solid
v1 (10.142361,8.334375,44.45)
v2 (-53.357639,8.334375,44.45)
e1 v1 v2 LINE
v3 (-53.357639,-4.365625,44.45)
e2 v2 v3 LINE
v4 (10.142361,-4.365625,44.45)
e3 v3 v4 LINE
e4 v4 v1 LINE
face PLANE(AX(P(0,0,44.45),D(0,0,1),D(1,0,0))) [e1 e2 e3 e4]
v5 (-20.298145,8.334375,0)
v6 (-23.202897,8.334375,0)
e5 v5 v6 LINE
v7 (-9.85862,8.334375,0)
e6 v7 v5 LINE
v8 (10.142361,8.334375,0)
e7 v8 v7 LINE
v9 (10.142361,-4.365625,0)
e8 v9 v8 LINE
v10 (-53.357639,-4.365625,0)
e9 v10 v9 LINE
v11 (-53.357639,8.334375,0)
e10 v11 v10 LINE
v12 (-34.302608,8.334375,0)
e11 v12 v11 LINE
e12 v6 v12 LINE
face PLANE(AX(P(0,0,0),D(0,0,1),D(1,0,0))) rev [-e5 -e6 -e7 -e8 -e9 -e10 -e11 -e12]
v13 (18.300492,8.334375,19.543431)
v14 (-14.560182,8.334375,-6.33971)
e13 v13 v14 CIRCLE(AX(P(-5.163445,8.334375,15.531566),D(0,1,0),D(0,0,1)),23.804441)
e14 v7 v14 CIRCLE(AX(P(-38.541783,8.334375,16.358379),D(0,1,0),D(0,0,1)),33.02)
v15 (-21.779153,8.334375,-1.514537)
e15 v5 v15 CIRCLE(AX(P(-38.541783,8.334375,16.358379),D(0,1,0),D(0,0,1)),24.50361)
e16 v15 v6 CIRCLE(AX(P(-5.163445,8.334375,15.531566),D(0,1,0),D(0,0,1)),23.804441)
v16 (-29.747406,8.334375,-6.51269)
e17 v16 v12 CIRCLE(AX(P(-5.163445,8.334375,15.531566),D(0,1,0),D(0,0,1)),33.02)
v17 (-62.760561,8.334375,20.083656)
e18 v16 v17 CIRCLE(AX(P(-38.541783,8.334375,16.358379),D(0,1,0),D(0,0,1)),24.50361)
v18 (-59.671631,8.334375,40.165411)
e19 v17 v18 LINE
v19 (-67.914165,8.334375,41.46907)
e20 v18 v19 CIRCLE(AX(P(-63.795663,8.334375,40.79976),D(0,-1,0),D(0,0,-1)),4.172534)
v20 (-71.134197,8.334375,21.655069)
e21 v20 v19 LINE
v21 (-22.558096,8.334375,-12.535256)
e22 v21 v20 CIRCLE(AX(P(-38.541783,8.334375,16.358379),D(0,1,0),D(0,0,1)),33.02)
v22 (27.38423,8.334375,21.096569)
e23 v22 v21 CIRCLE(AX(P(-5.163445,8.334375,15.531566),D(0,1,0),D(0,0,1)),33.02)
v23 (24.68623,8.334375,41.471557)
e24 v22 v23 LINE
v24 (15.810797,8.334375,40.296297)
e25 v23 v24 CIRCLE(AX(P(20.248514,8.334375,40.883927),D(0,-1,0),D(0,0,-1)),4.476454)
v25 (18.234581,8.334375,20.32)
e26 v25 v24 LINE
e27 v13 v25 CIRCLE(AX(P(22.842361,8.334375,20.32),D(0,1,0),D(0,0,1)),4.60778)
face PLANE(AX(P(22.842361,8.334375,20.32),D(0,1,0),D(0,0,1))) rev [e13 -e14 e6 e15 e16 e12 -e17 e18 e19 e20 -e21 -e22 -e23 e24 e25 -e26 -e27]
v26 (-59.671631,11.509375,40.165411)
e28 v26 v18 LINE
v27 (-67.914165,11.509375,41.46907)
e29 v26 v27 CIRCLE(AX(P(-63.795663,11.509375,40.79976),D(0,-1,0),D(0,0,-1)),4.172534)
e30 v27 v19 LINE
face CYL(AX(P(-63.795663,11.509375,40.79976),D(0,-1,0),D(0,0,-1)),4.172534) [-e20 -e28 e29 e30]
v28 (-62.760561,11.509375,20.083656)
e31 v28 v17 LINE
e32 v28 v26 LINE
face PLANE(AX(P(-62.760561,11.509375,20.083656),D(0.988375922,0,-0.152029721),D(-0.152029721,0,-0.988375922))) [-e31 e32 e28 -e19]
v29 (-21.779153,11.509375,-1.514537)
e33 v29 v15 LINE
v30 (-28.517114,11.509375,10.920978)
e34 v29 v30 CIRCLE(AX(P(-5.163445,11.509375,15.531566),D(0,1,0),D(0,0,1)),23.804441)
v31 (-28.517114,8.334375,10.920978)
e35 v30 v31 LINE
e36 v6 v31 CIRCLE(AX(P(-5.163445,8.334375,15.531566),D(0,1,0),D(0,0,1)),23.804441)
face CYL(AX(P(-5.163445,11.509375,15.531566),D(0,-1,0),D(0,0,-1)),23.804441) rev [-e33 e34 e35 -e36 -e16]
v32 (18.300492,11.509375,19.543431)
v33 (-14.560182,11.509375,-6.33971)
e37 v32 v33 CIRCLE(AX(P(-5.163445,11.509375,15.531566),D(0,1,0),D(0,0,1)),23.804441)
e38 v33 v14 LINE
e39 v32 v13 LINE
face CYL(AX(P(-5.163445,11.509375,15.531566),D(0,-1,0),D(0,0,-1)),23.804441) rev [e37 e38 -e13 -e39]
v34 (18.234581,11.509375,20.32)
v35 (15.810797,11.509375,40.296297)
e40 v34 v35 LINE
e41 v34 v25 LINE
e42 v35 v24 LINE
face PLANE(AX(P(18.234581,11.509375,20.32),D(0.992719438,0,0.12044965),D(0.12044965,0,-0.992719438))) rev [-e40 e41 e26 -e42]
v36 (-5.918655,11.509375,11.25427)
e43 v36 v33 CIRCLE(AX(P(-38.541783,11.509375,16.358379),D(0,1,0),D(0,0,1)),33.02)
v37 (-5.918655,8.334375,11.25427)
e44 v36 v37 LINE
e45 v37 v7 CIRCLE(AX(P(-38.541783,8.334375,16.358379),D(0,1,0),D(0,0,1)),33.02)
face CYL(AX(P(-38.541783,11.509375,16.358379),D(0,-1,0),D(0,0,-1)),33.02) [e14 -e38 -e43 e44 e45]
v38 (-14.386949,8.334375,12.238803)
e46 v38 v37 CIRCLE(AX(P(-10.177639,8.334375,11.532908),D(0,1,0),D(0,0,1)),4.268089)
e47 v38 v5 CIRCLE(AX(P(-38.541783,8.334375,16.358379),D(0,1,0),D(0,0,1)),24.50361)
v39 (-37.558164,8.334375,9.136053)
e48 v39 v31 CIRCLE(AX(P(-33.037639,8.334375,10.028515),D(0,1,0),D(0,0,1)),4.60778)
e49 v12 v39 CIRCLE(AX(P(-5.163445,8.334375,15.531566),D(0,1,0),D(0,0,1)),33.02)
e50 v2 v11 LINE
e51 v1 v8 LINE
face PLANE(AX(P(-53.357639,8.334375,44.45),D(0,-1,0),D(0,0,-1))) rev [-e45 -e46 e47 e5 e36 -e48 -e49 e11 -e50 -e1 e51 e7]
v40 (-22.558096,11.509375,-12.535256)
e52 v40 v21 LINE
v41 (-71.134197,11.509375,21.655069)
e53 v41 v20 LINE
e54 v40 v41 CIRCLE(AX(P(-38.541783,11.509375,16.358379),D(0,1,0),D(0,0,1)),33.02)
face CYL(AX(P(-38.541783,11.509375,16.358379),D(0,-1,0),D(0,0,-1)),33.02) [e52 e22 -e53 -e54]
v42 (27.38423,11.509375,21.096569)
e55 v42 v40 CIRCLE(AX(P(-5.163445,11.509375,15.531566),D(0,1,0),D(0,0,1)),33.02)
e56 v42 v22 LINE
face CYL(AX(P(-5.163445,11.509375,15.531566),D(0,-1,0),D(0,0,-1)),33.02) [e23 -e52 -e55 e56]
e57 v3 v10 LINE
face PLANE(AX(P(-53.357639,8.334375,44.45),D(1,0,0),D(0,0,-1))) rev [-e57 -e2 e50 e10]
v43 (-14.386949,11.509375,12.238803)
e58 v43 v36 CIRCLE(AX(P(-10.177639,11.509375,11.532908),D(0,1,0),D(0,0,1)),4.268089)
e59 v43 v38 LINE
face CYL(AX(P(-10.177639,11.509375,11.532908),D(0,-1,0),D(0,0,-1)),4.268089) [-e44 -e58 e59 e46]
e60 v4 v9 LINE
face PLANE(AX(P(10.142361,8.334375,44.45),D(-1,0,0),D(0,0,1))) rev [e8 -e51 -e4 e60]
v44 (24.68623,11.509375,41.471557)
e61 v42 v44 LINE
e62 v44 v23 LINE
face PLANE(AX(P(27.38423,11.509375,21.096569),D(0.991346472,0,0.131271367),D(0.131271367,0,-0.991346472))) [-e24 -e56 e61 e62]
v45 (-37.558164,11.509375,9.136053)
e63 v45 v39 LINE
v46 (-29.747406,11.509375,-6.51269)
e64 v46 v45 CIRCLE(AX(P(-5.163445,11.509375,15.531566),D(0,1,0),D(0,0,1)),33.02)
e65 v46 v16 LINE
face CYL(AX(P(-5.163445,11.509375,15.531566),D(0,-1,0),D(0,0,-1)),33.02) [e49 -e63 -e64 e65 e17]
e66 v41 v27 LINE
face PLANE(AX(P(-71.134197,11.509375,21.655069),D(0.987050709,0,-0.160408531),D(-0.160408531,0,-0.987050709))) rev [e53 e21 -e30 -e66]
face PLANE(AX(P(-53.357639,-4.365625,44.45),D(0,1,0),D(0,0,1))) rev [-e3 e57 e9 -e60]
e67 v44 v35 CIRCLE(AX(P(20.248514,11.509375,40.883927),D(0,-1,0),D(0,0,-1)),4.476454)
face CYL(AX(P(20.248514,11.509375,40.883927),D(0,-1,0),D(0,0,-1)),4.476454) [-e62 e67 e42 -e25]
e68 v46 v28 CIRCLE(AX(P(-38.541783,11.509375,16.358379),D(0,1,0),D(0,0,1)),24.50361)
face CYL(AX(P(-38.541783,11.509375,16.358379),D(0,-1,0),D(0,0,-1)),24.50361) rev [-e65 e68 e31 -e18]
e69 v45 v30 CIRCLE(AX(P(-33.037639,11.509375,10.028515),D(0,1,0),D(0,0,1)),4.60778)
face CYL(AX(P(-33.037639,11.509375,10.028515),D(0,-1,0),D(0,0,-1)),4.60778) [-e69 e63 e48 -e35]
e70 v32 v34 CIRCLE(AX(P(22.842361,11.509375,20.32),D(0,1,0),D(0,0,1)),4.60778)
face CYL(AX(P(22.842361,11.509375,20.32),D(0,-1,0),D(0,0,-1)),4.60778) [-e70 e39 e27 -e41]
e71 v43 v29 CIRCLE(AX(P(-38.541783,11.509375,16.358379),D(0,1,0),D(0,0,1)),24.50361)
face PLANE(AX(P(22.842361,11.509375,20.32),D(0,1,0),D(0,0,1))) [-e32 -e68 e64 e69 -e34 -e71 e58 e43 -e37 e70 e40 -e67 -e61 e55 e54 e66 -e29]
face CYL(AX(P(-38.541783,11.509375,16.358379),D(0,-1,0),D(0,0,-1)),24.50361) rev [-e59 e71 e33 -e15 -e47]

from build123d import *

# Parameters (mm, degrees)
SKETCH2_W           = 63.5
SKETCH2_H           = 12.7
BOSS_EXTRUDE1_DEPTH = 44.45
BOSS_EXTRUDE2_DEPTH = 3.175
SKETCH2_2_W         = 63.5
SKETCH2_2_H         = 12.7
BOSS_EXTRUDE3_DEPTH = 3.175
BOSS_EXTRUDE4_DEPTH = 3.175


with BuildPart() as part:
    # Sketch2 → Boss-Extrude1 (new body)
    with BuildSketch(Plane.XY):
        with Locations((-21.607638889, 1.984375)):
            Rectangle(SKETCH2_W, SKETCH2_H)
    extrude(amount=BOSS_EXTRUDE1_DEPTH)

    # Sketch3 → Boss-Extrude2 (add)
    with BuildSketch(Plane(origin=(0, 8.334375, 0), x_dir=(1, 0, 0), z_dir=(0, 1, 0))):
        with BuildLine():
            Line((27.384230149, -21.096568897), (24.686230398, -41.471557028))
            ThreePointArc((24.686230398, -41.471557028), (19.660883481, -45.321643523), (15.810796986, -40.296296607))
            Line((15.810796986, -40.296296607), (18.234581428, -20.32))
            ThreePointArc((18.234581428, -20.32), (18.251088657, -19.930319533), (18.300492073, -19.543431103))
            ThreePointArc((18.300492073, -19.543431103), (-0.851865875, 7.879150717), (-28.517114145, -10.920978184))
            ThreePointArc((-28.517114145, -10.920978184), (-33.930101581, -14.549040236), (-37.558163632, -9.136052801))
            ThreePointArc((-37.558163632, -9.136052801), (0.817302189, 16.942285518), (27.384230149, -21.096568897))
        make_face()
    extrude(amount=BOSS_EXTRUDE2_DEPTH)

    # Sketch2<2> → Boss-Extrude3 (add)
    with BuildSketch(Plane.XY):
        with Locations((-21.607638889, 1.984375)):
            Rectangle(SKETCH2_2_W, SKETCH2_2_H)
    extrude(amount=BOSS_EXTRUDE3_DEPTH)

    # Sketch6 → Boss-Extrude4 (add)
    with BuildSketch(Plane(origin=(0, 8.334375, 0), x_dir=(1, 0, 0), z_dir=(0, 1, 0))):
        with BuildLine():
            Line((-71.134197224, -21.655068851), (-67.914165266, -41.469070044))
            ThreePointArc((-67.914165266, -41.469070044), (-63.143827484, -44.92106421), (-59.671631072, -40.165410907))
            Line((-59.671631072, -40.165410907), (-62.760560613, -20.083656097))
            ThreePointArc((-62.760560613, -20.083656097), (-42.464339717, 7.82922996), (-14.386949358, -12.238802862))
            ThreePointArc((-14.386949358, -12.238802862), (-9.684746174, -15.772440511), (-5.918655002, -11.254269741))
            ThreePointArc((-5.918655002, -11.254269741), (-43.742205026, 16.249534133), (-71.134197224, -21.655068851))
        make_face()
    extrude(amount=BOSS_EXTRUDE4_DEPTH)


solid = part.part
